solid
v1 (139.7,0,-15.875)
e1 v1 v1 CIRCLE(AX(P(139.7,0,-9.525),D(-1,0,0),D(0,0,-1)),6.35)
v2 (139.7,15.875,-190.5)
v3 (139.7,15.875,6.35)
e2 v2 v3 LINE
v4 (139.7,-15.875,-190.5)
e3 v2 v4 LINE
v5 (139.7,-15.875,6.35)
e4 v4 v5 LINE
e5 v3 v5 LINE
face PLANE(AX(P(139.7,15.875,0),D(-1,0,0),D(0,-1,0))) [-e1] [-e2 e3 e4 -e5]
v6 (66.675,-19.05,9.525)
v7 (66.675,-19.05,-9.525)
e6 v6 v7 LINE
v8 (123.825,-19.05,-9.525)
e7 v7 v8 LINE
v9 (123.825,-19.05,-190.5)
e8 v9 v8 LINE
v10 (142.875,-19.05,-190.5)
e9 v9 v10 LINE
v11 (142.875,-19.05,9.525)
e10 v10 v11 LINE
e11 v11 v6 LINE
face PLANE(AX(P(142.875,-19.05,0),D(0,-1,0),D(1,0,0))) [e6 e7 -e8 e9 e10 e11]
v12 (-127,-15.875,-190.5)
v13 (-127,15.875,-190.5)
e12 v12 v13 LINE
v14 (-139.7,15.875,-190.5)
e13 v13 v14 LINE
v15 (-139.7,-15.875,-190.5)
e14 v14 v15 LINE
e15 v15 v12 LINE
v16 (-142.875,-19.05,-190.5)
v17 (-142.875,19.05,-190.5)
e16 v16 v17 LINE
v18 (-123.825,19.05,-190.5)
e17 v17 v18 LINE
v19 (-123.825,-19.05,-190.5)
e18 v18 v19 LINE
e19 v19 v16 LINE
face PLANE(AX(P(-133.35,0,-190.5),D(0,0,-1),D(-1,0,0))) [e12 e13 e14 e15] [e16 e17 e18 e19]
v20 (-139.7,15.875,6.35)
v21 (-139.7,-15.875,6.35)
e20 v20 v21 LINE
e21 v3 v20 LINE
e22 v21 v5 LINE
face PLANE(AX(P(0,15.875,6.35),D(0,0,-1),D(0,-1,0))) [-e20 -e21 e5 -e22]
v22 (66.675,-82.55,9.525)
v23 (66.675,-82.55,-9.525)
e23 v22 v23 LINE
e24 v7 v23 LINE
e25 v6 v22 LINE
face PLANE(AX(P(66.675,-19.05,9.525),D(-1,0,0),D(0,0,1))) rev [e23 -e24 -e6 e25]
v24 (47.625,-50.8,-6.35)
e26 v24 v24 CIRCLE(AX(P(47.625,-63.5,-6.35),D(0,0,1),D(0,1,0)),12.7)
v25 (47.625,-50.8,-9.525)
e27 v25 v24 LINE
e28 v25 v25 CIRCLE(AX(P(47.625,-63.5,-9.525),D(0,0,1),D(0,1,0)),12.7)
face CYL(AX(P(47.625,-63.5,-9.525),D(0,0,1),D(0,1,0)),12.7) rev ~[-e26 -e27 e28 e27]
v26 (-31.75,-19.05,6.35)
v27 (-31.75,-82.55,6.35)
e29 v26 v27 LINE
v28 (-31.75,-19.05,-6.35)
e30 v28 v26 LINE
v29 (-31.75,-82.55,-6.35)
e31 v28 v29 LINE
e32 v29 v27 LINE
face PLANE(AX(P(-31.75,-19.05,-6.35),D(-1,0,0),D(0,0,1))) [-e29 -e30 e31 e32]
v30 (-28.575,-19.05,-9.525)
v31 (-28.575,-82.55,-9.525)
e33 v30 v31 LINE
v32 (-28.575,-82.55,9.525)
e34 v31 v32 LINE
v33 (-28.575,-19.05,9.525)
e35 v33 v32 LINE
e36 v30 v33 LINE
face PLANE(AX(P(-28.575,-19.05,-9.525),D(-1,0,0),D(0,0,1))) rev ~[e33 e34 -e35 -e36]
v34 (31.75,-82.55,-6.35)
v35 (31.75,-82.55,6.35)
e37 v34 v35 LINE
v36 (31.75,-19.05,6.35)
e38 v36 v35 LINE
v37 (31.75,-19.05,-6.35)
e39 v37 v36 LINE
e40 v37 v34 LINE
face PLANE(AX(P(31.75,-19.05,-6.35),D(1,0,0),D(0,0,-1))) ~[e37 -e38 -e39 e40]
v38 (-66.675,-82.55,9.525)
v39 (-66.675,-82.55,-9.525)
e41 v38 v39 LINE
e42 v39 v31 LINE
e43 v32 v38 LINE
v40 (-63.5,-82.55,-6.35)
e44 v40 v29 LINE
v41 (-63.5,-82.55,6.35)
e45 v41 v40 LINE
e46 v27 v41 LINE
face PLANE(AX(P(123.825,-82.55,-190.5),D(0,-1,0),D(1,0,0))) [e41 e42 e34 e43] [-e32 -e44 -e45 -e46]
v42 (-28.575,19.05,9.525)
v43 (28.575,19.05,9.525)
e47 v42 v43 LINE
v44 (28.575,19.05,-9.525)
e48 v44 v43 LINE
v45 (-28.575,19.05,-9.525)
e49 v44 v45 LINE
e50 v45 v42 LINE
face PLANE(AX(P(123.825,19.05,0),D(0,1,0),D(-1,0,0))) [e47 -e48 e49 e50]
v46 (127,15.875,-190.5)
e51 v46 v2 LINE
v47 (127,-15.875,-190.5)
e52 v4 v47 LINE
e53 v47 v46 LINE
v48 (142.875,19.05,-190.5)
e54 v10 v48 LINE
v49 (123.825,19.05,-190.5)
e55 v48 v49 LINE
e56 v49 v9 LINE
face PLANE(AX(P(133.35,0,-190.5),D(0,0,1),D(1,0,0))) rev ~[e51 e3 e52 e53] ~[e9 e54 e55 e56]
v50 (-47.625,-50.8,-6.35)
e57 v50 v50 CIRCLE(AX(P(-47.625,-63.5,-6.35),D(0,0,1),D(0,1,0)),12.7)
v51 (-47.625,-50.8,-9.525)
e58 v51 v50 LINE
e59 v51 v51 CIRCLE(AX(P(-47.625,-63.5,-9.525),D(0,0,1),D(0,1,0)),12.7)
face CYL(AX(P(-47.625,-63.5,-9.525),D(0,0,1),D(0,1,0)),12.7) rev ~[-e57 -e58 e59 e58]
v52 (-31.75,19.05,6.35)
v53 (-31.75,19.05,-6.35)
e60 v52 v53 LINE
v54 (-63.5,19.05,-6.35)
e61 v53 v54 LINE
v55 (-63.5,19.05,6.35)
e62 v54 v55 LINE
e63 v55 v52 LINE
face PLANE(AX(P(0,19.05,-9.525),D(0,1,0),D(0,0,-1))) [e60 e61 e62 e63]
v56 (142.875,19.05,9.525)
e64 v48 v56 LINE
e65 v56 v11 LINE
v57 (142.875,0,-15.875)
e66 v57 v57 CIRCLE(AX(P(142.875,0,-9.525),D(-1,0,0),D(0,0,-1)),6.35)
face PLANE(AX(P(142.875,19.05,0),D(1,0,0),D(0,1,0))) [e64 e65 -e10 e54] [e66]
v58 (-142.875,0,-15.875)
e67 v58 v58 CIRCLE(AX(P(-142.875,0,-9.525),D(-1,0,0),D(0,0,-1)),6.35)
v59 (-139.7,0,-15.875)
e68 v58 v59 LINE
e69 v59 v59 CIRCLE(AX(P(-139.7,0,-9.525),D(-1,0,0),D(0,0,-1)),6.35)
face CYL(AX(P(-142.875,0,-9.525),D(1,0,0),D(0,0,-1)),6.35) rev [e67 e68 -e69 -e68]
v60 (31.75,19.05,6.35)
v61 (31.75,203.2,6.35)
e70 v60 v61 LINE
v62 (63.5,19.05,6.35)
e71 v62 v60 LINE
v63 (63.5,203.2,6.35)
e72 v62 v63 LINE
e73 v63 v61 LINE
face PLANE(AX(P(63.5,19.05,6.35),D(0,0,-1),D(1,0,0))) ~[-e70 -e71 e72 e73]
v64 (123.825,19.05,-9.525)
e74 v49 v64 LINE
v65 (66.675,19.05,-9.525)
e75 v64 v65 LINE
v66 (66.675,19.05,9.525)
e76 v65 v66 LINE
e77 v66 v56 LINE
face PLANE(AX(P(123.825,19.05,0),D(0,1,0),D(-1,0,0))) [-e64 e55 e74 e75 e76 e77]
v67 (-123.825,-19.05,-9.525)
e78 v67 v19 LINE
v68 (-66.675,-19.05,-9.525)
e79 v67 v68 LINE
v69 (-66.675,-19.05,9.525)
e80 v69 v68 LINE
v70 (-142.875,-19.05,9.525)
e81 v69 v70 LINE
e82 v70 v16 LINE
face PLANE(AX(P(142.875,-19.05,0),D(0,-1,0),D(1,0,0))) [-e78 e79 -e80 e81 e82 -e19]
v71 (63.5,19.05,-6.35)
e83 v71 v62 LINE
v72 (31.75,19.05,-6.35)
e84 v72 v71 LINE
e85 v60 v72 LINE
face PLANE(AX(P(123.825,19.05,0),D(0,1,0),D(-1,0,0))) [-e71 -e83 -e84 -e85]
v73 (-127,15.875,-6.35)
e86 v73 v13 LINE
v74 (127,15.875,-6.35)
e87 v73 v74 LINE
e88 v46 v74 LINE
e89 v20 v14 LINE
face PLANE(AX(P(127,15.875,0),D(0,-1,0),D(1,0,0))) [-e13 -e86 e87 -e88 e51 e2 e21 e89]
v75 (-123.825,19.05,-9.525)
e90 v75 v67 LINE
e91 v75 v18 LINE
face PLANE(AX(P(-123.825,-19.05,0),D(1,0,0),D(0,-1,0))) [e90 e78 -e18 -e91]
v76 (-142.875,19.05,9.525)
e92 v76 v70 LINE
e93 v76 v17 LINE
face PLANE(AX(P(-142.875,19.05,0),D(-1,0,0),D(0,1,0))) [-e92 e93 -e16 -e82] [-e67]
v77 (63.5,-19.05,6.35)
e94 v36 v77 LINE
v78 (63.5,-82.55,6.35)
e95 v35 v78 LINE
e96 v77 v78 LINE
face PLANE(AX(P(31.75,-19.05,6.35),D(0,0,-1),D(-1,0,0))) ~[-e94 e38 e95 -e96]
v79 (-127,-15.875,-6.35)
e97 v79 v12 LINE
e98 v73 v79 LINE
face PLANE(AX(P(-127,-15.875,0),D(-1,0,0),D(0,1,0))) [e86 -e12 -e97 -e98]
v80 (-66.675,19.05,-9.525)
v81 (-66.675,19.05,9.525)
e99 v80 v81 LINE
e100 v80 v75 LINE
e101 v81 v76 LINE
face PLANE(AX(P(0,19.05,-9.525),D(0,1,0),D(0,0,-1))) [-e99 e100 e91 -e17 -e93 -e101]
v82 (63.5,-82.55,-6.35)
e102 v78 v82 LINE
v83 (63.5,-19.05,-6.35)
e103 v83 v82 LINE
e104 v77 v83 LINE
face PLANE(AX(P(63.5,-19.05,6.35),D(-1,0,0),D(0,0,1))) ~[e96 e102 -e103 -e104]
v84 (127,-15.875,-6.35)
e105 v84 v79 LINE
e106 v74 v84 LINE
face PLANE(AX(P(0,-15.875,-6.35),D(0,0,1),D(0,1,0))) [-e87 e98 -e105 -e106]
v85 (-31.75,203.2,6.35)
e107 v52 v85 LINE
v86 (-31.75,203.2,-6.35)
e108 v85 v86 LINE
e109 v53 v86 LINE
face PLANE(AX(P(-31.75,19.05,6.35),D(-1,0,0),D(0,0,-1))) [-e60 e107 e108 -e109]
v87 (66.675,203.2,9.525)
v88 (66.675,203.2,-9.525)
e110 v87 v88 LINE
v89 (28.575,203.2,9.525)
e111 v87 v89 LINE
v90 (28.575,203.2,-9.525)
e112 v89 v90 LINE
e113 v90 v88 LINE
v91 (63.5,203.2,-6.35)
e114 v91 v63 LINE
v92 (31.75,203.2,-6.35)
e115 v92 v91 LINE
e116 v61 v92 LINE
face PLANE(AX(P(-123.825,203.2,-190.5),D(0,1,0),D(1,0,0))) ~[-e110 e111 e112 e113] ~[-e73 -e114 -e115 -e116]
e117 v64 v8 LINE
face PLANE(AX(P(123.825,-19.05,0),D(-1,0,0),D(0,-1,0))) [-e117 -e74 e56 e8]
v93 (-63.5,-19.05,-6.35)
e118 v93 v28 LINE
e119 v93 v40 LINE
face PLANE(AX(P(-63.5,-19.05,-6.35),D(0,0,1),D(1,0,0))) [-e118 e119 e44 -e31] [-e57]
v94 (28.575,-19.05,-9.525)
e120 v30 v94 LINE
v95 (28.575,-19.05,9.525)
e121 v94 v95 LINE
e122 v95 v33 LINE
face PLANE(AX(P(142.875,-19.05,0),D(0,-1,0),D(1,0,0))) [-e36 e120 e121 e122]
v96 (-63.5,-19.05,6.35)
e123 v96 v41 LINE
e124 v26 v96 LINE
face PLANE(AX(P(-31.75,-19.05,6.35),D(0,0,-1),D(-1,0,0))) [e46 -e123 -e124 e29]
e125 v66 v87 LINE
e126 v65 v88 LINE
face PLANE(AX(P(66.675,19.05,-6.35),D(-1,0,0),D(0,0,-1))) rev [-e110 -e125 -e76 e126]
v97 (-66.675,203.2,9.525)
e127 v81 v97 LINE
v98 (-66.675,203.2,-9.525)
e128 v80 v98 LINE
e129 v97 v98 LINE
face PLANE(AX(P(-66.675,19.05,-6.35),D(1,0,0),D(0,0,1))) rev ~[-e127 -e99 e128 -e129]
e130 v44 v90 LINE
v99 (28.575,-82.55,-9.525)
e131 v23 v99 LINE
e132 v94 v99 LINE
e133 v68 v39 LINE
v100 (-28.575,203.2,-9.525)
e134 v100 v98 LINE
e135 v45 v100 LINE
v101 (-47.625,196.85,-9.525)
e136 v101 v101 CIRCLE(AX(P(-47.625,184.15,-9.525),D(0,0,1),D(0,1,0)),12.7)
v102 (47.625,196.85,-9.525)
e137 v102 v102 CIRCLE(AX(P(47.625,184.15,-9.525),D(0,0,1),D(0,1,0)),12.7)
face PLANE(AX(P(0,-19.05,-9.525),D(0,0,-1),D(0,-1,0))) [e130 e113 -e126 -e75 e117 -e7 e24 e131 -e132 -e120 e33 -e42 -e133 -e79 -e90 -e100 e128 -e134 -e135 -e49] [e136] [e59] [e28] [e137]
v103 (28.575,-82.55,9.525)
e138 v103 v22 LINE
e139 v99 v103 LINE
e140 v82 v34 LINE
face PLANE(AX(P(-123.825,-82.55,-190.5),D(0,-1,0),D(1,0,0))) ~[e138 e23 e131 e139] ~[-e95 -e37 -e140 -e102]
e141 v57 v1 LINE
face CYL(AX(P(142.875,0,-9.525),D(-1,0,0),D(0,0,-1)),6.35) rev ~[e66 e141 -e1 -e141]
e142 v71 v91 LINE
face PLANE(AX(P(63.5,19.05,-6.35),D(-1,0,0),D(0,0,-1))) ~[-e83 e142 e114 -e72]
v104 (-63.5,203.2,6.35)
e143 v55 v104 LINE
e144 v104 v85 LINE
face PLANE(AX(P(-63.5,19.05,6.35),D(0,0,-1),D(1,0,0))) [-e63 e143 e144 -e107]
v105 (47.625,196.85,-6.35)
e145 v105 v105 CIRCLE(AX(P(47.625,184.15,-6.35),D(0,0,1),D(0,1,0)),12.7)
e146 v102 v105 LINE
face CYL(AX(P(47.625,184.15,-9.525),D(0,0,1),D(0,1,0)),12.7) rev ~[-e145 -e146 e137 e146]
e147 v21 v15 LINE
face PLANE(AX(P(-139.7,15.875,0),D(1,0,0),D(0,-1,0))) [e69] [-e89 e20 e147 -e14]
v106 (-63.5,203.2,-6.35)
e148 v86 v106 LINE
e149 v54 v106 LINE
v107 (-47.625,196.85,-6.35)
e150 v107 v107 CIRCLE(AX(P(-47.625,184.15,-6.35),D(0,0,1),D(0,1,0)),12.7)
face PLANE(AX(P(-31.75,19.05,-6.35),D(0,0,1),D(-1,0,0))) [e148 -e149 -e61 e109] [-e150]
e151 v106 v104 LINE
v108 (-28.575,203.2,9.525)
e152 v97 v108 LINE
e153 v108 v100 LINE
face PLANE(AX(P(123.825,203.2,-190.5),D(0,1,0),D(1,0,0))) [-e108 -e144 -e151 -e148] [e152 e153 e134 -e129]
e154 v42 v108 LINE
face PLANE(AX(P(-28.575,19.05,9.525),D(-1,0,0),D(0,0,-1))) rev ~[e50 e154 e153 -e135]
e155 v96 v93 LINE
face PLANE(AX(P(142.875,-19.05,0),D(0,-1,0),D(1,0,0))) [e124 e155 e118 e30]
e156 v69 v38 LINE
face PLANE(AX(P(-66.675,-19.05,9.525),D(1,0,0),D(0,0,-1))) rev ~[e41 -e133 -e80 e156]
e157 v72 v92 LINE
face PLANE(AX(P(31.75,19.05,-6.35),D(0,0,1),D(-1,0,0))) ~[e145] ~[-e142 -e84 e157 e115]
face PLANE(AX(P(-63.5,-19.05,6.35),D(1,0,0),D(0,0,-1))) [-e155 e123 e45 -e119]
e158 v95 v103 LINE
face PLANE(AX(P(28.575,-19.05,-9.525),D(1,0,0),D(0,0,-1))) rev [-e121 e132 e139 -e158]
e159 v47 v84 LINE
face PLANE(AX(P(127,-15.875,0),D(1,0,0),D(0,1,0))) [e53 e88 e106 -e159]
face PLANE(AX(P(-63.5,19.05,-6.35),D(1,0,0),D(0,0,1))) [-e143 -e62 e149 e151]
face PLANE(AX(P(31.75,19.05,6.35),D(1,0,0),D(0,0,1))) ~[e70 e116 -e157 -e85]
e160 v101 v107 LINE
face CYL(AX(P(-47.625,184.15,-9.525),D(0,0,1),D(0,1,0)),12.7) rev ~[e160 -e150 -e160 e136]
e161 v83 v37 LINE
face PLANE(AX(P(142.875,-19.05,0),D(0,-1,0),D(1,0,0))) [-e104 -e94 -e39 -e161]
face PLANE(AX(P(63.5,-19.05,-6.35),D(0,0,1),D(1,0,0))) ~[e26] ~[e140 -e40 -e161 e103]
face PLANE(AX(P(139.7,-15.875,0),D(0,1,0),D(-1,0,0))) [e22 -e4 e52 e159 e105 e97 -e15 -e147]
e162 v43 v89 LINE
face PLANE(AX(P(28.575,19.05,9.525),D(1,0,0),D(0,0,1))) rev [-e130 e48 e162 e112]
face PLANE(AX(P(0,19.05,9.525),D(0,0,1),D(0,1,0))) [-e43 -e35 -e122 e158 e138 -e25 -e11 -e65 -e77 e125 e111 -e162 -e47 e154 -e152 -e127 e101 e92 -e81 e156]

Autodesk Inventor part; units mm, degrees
ref_plane "XZ Plane" through (0, 0, 0) normal (0, 1, 0) x (-1, 0, 0)
sketch "Sketch1" plane through (0, 0, 0) normal (0, 1, 0) x (-1, 0, 0)
  line L0 (0, 0) -> (133.35, 0)
  line L1 (133.35, 0) -> (133.35, -190.5)
  line L2 (0, 0) -> (0, -190.5) construction
  line L3 (0, 0) -> (-133.35, 0)
  line L4 (-133.35, 0) -> (-133.35, -190.5)
  dimension "d0" = 133.35
  dimension "d1" = 190.5
  dimension "d2" = 190.5
ref_plane "Work Plane1" through (0, 0, -190.5) normal (0, 0, 1) x (1, 0, 0)
sketch "Sketch3" plane through (0, 0, -190.5) normal (0, 0, 1) x (1, 0, 0)
  line L0 (142.875, -19.05) -> (123.825, -19.05)
  line L1 (123.825, -19.05) -> (123.825, 19.05)
  line L2 (123.825, 19.05) -> (142.875, 19.05)
  line L3 (142.875, 19.05) -> (142.875, -19.05)
  line L4 (142.875, -19.05) -> (123.825, 19.05) construction
  line L5 (123.825, -19.05) -> (142.875, 19.05) construction
  line L6 (139.7, -15.875) -> (127, -15.875)
  line L7 (127, -15.875) -> (127, 15.875)
  line L8 (127, 15.875) -> (139.7, 15.875)
  line L9 (139.7, 15.875) -> (139.7, -15.875)
  line L10 (139.7, -15.875) -> (127, 15.875) construction
  line L11 (127, -15.875) -> (139.7, 15.875) construction
  point P0 (0, 0)
  point P1 (133.35, 0)
  dimension "d4" = 38.1
  dimension "d5" = 19.05
  dimension "d6" = 133.35
  dimension "d7" = 3.175
  dimension "d8" = 3.175
sweep "Sweep1" add profiles "Sketch3" path "Sketch1"
sketch "Sketch4" plane through (123.825, 19.05, -190.5) normal (0, 1, 0) x (1, 0, 0)
  line L0 (-190.5, -200.025) -> (-152.4, -200.025)
  line L1 (-152.4, -200.025) -> (-152.4, -180.975)
  line L2 (-152.4, -180.975) -> (-190.5, -180.975)
  line L3 (-190.5, -180.975) -> (-190.5, -200.025)
  line L4 (-190.5, -200.025) -> (-152.4, -180.975) construction
  line L5 (-152.4, -200.025) -> (-190.5, -180.975) construction
  line L6 (-266.7, -200.025) -> (-266.7, 0) projected
  line L7 (-187.325, -196.85) -> (-155.575, -196.85)
  line L8 (-155.575, -196.85) -> (-155.575, -184.15)
  line L9 (-155.575, -184.15) -> (-187.325, -184.15)
  line L10 (-187.325, -184.15) -> (-187.325, -196.85)
  line L11 (-187.325, -196.85) -> (-155.575, -184.15) construction
  line L12 (-155.575, -196.85) -> (-187.325, -184.15) construction
  line L13 (3.175, -184.15) -> (-250.825, -184.15) projected
  point P0 (-123.825, -190.5)
  point P1 (-171.45, -190.5)
  dimension "d11" = 95.25
  dimension "d12" = 19.05
  dimension "d13" = 38.1
  dimension "d14" = 3.175
  dimension "d15" = 3.175
extrude "Extrusion1" add sketch "Sketch4" along normal blind 184.15 contours L3 L13 L10 L7 L8 L1 L0 | L3 L2 L1 L13 L9
sketch "Sketch5" plane through (123.825, -19.05, -190.5) normal (0, -1, 0) x (1, 0, 0)
  line L0 (-190.5, 180.975) -> (-152.4, 180.975)
  line L1 (-152.4, 180.975) -> (-152.4, 200.025)
  line L2 (-152.4, 200.025) -> (-190.5, 200.025)
  line L3 (-190.5, 200.025) -> (-190.5, 180.975)
  line L4 (-190.5, 180.975) -> (-152.4, 200.025) construction
  line L5 (-152.4, 180.975) -> (-190.5, 200.025) construction
  line L6 (-266.7, 200.025) -> (-266.7, 0) projected
  line L7 (-187.325, 184.15) -> (-155.575, 184.15)
  line L8 (-155.575, 184.15) -> (-155.575, 196.85)
  line L9 (-155.575, 196.85) -> (-187.325, 196.85)
  line L10 (-187.325, 196.85) -> (-187.325, 184.15)
  line L11 (-187.325, 184.15) -> (-155.575, 196.85) construction
  line L12 (-155.575, 184.15) -> (-187.325, 196.85) construction
  point P0 (-123.825, 190.5)
  point P1 (-171.45, 190.5)
  dimension "d18" = 95.25
  dimension "d19" = 19.05
  dimension "d20" = 38.1
  dimension "d21" = 3.175
  dimension "d22" = 3.175
extrude "Extrusion2" add sketch "Sketch5" along normal blind 63.5
mirror "Mirror1" about plane through (0, 0, 0) normal (1, 0, 0) of "Extrusion1", "Extrusion2"
sketch "Sketch6" plane through (142.875, -19.05, -190.5) normal (1, 0, 0) x (0, 0, -1)
  line L0 (-200.025, 0) -> (-200.025, 38.1) projected
  point P0 (-190.5, 19.05)
  point P1 (-180.975, 19.05)
  dimension "d25" = 19.05
hole "Hole1" at (142.875, 0, -9.525) direction (-1, 0, 0) diameter 12.7 depth 3.175 tip angle 118
sketch "Sketch7" plane through (-66.675, 19.05, -9.525) normal (0, 0, -1) x (-1, 0, 0)
  line L0 (-38.1, 184.15) -> (0, 184.15) construction
  line L1 (-19.05, 184.15) -> (-19.05, -101.6) construction
  line L2 (-34.925, -101.6) -> (-3.175, -101.6) construction
  line L3 (-95.25, 184.15) -> (-133.35, 184.15) construction
  line L4 (-114.3, 184.15) -> (-114.3, -101.6) construction
  line L5 (-133.35, -101.6) -> (-95.25, -101.6) construction
  point P0 (-66.675, -19.05)
  point P1 (-19.05, 165.1)
  point P2 (-19.05, -82.55)
  point P3 (-114.3, -82.55)
  point P4 (-114.3, 165.1)
  dimension "d33" = 19.05
  dimension "d34" = 19.05
  dimension "d35" = 19.05
  dimension "d36" = 19.05
hole "Hole2" at (-47.625, 184.15, -9.525) at (-47.625, -63.5, -9.525) at (47.625, -63.5, -9.525) at (47.625, 184.15, -9.525) direction (0, 0, 1) diameter 25.4 depth 3.175 tip angle 118
mirror "Mirror2" about plane through (0, 0, 0) normal (1, 0, 0) of "Hole1"
equation "\"d0\" = 0.5 * width"
equation "\"d1\" = length"
equation "\"d2\" = length"
equation "\"d4\" = tubingLength"
equation "\"d5\" = tubingWidth"
equation "\"d6\" = 0.5 * width"
equation "\"d7\" = tubeingWallWidth"
equation "\"d8\" = tubeingWallWidth"
equation "\"d12\" = tubingWidth"
equation "\"d13\" = tubingLength"
equation "\"d14\" = tubeingWallWidth"
equation "\"d15\" = tubeingWallWidth"
equation "\"d19\" = tubingWidth"
equation "\"d20\" = tubingLength"
equation "\"d21\" = tubeingWallWidth"
equation "\"d22\" = tubeingWallWidth"
equation "\"width\" = 266.7"
equation "\"length\" = 190.5"
equation "\"tubingWidth\" = 19.05"
equation "\"tubingLength\" = 38.1"
equation "\"tubeingWallWidth\" = 3.175"
equation "\"d3\" = -length"
properties part number "Shooter"
